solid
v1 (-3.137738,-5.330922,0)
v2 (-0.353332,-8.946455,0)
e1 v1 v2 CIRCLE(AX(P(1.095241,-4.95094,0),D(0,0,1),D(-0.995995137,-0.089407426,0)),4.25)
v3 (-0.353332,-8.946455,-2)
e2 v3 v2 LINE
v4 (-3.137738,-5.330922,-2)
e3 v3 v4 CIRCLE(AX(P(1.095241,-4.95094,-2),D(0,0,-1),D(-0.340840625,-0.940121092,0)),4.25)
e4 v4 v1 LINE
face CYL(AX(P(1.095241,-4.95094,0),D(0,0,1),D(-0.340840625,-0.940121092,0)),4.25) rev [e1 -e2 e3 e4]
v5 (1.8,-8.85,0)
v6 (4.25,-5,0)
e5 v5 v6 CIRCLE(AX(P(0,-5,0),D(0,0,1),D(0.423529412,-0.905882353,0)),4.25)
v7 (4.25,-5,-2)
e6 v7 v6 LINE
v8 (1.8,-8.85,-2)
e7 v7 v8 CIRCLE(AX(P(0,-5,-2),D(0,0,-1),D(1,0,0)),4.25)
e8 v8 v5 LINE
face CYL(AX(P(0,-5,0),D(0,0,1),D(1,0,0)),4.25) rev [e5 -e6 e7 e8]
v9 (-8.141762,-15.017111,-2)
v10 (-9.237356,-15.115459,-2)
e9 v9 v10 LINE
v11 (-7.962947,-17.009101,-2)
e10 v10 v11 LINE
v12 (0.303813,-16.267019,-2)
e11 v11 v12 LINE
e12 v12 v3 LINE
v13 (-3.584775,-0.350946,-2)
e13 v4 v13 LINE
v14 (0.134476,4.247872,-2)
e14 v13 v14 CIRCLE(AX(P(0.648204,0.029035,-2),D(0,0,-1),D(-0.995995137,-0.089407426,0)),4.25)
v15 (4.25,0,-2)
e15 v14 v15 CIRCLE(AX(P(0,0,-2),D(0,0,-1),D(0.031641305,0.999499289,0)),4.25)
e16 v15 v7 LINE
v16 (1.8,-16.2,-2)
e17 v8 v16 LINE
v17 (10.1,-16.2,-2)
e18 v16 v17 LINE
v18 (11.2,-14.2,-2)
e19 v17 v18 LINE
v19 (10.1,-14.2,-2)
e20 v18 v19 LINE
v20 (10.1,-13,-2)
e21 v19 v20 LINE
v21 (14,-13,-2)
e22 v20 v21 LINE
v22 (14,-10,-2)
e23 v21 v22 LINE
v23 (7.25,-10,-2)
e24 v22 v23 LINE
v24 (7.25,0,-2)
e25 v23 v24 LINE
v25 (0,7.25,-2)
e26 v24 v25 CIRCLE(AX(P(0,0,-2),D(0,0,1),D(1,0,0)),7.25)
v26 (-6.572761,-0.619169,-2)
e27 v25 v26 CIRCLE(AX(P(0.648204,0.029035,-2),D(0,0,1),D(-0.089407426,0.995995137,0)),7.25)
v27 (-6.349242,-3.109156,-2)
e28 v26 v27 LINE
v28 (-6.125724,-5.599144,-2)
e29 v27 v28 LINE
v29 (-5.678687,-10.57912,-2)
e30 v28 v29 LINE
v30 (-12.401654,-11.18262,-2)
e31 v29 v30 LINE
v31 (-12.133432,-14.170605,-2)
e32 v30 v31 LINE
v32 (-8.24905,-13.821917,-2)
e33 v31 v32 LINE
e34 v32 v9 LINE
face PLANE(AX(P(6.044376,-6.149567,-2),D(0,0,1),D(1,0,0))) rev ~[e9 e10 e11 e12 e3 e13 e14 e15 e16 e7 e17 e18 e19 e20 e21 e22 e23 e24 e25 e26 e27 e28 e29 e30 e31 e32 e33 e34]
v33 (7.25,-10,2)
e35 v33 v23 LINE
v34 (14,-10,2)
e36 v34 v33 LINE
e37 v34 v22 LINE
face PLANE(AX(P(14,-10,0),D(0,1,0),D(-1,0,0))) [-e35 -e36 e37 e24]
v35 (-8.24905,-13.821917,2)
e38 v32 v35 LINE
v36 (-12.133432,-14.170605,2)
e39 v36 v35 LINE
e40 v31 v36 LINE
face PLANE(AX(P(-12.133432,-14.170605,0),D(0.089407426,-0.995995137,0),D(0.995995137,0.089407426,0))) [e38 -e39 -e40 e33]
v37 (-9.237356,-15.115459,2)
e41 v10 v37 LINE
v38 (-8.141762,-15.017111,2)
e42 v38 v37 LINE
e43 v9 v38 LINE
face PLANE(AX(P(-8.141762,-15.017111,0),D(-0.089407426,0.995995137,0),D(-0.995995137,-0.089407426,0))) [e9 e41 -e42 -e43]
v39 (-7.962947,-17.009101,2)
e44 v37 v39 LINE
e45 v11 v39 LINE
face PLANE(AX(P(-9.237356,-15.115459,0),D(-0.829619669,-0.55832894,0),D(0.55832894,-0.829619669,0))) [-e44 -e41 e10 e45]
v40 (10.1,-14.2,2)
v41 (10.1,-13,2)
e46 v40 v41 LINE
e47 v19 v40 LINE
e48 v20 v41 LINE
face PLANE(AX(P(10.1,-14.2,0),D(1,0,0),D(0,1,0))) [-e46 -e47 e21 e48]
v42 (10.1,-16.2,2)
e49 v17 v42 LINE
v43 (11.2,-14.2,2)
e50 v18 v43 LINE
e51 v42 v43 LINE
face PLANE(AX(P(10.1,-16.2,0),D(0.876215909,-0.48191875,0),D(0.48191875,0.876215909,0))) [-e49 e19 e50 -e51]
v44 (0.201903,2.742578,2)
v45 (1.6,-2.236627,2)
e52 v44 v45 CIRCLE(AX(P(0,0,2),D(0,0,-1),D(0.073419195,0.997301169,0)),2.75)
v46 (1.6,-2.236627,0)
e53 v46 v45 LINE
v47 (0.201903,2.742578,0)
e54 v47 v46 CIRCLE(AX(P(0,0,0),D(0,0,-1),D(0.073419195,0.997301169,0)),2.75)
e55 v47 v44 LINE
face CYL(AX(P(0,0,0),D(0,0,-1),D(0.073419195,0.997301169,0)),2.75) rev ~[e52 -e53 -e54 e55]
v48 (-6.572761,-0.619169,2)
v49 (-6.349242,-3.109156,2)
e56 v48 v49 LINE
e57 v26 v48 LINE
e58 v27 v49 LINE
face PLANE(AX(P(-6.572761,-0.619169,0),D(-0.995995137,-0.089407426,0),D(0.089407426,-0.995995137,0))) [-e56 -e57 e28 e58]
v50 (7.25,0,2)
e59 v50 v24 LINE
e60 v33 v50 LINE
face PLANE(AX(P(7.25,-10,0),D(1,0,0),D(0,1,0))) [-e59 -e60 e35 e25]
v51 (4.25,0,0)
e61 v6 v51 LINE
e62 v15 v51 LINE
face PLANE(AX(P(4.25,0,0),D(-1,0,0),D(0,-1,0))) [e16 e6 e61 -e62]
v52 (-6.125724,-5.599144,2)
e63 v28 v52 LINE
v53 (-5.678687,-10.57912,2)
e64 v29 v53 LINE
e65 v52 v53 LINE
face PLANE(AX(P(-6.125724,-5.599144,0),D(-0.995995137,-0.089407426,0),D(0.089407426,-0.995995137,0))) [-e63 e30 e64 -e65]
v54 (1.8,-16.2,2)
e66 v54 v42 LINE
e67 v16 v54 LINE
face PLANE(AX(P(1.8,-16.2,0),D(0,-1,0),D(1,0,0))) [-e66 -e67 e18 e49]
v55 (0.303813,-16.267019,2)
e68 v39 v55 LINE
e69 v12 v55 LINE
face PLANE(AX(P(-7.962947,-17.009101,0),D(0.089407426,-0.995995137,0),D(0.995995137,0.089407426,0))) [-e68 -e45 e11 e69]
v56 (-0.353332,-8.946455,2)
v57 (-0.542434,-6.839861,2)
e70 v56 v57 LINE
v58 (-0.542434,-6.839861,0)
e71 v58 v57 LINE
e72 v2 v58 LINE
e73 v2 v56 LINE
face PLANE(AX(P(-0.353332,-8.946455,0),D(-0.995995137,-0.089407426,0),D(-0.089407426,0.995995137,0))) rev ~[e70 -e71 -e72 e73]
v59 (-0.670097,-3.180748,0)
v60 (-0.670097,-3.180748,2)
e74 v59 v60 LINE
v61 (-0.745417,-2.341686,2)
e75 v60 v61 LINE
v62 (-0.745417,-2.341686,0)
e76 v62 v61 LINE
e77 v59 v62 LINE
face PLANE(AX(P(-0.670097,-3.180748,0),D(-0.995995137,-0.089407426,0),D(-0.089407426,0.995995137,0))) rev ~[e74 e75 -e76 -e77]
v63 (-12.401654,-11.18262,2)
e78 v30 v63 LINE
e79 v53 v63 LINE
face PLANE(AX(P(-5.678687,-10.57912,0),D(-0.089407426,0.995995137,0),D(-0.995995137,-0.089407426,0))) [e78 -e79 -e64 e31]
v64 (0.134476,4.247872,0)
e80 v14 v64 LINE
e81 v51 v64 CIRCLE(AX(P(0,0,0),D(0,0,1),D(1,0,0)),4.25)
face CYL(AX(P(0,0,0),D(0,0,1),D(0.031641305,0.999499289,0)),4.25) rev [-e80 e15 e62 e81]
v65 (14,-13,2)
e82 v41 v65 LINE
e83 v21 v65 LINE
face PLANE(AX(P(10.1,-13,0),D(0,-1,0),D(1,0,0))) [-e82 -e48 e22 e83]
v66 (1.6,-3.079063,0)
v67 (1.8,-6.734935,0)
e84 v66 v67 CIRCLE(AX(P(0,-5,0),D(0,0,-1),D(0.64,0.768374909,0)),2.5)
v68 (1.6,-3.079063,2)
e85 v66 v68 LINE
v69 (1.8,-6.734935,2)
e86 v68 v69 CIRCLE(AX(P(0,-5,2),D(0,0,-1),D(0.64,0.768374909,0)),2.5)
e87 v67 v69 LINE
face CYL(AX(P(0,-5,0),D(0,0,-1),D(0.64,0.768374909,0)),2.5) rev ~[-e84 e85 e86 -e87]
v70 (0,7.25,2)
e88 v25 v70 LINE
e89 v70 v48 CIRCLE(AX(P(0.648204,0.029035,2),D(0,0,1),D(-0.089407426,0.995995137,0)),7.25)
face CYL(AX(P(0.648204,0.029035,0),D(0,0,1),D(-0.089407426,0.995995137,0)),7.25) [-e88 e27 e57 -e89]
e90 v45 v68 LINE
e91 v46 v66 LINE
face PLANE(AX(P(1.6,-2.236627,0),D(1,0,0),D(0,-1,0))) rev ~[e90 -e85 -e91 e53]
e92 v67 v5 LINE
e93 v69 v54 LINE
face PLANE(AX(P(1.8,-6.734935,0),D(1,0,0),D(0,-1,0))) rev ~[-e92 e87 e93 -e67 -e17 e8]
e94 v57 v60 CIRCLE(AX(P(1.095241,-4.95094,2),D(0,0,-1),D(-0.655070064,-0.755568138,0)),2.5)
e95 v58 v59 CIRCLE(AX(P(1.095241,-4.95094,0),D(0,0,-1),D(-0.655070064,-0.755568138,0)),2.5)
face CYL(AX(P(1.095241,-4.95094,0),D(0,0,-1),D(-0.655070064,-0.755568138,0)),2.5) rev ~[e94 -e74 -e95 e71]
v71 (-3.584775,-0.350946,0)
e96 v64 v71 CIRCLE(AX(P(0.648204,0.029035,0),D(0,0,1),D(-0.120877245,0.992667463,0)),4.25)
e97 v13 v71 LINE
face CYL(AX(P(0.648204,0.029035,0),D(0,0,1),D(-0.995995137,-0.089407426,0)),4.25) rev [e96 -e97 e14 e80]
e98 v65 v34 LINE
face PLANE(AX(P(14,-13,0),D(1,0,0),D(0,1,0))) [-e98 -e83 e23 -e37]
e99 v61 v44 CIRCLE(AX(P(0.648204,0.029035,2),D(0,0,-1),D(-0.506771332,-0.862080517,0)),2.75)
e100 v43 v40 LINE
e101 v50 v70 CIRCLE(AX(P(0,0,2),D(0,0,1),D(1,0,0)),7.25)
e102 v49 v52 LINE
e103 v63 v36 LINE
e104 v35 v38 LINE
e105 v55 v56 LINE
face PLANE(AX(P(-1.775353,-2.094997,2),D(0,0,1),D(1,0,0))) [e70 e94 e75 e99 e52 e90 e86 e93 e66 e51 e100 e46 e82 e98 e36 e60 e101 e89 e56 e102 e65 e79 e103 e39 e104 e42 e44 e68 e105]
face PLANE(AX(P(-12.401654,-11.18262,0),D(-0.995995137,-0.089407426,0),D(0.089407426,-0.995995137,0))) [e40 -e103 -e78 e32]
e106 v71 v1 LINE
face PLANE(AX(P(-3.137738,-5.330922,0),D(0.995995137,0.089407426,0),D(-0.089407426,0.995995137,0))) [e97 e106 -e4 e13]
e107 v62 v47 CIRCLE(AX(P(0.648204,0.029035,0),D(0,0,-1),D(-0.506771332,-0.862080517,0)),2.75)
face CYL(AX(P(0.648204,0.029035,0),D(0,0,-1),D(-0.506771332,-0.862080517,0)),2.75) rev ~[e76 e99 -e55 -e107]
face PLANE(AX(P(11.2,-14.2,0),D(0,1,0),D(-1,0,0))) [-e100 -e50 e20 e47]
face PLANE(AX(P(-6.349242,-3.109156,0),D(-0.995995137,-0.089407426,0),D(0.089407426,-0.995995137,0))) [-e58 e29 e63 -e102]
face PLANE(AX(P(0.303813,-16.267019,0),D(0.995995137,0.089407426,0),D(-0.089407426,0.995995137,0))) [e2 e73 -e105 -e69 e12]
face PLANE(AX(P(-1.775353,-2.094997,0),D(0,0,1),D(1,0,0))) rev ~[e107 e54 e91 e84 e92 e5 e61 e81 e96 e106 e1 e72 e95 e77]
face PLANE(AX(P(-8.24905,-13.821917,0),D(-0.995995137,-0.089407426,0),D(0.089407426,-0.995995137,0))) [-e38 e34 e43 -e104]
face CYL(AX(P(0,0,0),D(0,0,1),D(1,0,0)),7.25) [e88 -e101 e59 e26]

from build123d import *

# Parameters (mm, degrees)
F1_DEPTH = 2
F2_DEPTH = 2


with BuildPart() as f1:
    # F0 (on Top) → F1 (new body, symmetric)
    with BuildSketch(Plane.XY):
        with BuildLine():
            Line((0, 7.25), (0.1344755479, 4.2478719763))
            ThreePointArc((0.1344755479, 4.2478719763), (3.05237785, 2.957277373), (4.25, 0))
            Line((4.25, 0), (4.25, -2.5))
            Line((4.25, -2.5), (4.25, -5))
            ThreePointArc((4.25, -5), (3.5855613229, -7.2817208418), (1.8, -8.85))
            Line((1.8, -8.85), (1.8, -16.2))
            Line((1.8, -16.2), (10.1, -16.2))
            Line((10.1, -16.2), (11.2, -14.2))
            Line((11.2, -14.2), (10.1, -14.2))
            Line((10.1, -14.2), (10.1, -13))
            Line((10.1, -13), (14, -13))
            Line((14, -13), (14, -10))
            Line((14, -10), (7.25, -10))
            Line((7.25, -10), (7.25, -5))
            Line((7.25, -5), (7.25, -2.5))
            Line((7.25, -2.5), (7.25, 0))
            ThreePointArc((7.25, 0), (5.1265241636, 5.1265241636), (0, 7.25))
        make_face()
        with BuildLine():
            ThreePointArc((-3.5847754908, -0.3509463017), (-2.6563522123, 2.7015638934), (0.1344755479, 4.2478719763))
            Line((0.1344755479, 4.2478719763), (0, 7.25))
            ThreePointArc((0, 7.25), (-4.9161386256, 4.6766790635), (-6.5727609006, -0.6191685802))
            Line((-6.5727609006, -0.6191685802), (-6.3492423351, -3.1091564217))
            Line((-6.3492423351, -3.1091564217), (-6.1257237697, -5.5991442632))
            Line((-6.1257237697, -5.5991442632), (-5.6786866388, -10.5791199463))
            Line((-5.6786866388, -10.5791199463), (-12.4016538108, -11.182620073))
            Line((-12.4016538108, -11.182620073), (-12.1334315323, -14.1706054828))
            Line((-12.1334315323, -14.1706054828), (-8.2490504995, -13.8219165207))
            Line((-8.2490504995, -13.8219165207), (-8.1417615881, -15.0171106846))
            Line((-8.1417615881, -15.0171106846), (-9.2373562384, -15.1154588534))
            Line((-9.2373562384, -15.1154588534), (-7.9629467358, -17.0091009579))
            Line((-7.9629467358, -17.0091009579), (0.3038128981, -16.2670193205))
            Line((0.3038128981, -16.2670193205), (-0.3533316844, -8.9464550665))
            ThreePointArc((-0.3533316844, -8.9464550665), (-2.2719578811, -7.5440990943), (-3.1377383598, -5.3309219847))
            Line((-3.1377383598, -5.3309219847), (-3.3612569253, -2.8409341432))
            Line((-3.3612569253, -2.8409341432), (-3.5847754908, -0.3509463017))
        make_face()
    extrude(amount=F1_DEPTH, both=True)

    # F0 (on Top) → F2 (join)
    with BuildSketch(Plane.XY):
        with BuildLine():
            ThreePointArc((-0.7454173221, -2.3416861616), (-2.0552688347, 0.5327569072), (0.2019027868, 2.7425782149))
            Line((0.2019027868, 2.7425782149), (0.1344755479, 4.2478719763))
            ThreePointArc((0.1344755479, 4.2478719763), (-2.6563522123, 2.7015638934), (-3.5847754908, -0.3509463017))
            Line((-3.5847754908, -0.3509463017), (-3.3612569253, -2.8409341432))
            Line((-3.3612569253, -2.8409341432), (-3.1377383598, -5.3309219847))
            ThreePointArc((-3.1377383598, -5.3309219847), (-2.2719578811, -7.5440990943), (-0.3533316844, -8.9464550665))
            Line((-0.3533316844, -8.9464550665), (-0.5424341882, -6.8398607695))
            ThreePointArc((-0.5424341882, -6.8398607695), (-1.403238856, -5.0381101155), (-0.6700973051, -3.1807481254))
            Line((-0.6700973051, -3.1807481254), (-0.7454173221, -2.3416861616))
        make_face()
        with BuildLine():
            ThreePointArc((0.2019027868, 2.7425782149), (2.6476091797, 0.7434148448), (1.6, -2.2366269246))
            Line((1.6, -2.2366269246), (1.6, -3.0790627288))
            ThreePointArc((1.6, -3.0790627288), (2.4962673742, -4.8634379387), (1.8, -6.7349351573))
            Line((1.8, -6.7349351573), (1.8, -8.85))
            ThreePointArc((1.8, -8.85), (3.5855613229, -7.2817208418), (4.25, -5))
            Line((4.25, -5), (4.25, -2.5))
            Line((4.25, -2.5), (4.25, 0))
            ThreePointArc((4.25, 0), (3.05237785, 2.957277373), (0.1344755479, 4.2478719763))
            Line((0.1344755479, 4.2478719763), (0.2019027868, 2.7425782149))
        make_face()
    extrude(amount=F2_DEPTH)


solid = f1.part
